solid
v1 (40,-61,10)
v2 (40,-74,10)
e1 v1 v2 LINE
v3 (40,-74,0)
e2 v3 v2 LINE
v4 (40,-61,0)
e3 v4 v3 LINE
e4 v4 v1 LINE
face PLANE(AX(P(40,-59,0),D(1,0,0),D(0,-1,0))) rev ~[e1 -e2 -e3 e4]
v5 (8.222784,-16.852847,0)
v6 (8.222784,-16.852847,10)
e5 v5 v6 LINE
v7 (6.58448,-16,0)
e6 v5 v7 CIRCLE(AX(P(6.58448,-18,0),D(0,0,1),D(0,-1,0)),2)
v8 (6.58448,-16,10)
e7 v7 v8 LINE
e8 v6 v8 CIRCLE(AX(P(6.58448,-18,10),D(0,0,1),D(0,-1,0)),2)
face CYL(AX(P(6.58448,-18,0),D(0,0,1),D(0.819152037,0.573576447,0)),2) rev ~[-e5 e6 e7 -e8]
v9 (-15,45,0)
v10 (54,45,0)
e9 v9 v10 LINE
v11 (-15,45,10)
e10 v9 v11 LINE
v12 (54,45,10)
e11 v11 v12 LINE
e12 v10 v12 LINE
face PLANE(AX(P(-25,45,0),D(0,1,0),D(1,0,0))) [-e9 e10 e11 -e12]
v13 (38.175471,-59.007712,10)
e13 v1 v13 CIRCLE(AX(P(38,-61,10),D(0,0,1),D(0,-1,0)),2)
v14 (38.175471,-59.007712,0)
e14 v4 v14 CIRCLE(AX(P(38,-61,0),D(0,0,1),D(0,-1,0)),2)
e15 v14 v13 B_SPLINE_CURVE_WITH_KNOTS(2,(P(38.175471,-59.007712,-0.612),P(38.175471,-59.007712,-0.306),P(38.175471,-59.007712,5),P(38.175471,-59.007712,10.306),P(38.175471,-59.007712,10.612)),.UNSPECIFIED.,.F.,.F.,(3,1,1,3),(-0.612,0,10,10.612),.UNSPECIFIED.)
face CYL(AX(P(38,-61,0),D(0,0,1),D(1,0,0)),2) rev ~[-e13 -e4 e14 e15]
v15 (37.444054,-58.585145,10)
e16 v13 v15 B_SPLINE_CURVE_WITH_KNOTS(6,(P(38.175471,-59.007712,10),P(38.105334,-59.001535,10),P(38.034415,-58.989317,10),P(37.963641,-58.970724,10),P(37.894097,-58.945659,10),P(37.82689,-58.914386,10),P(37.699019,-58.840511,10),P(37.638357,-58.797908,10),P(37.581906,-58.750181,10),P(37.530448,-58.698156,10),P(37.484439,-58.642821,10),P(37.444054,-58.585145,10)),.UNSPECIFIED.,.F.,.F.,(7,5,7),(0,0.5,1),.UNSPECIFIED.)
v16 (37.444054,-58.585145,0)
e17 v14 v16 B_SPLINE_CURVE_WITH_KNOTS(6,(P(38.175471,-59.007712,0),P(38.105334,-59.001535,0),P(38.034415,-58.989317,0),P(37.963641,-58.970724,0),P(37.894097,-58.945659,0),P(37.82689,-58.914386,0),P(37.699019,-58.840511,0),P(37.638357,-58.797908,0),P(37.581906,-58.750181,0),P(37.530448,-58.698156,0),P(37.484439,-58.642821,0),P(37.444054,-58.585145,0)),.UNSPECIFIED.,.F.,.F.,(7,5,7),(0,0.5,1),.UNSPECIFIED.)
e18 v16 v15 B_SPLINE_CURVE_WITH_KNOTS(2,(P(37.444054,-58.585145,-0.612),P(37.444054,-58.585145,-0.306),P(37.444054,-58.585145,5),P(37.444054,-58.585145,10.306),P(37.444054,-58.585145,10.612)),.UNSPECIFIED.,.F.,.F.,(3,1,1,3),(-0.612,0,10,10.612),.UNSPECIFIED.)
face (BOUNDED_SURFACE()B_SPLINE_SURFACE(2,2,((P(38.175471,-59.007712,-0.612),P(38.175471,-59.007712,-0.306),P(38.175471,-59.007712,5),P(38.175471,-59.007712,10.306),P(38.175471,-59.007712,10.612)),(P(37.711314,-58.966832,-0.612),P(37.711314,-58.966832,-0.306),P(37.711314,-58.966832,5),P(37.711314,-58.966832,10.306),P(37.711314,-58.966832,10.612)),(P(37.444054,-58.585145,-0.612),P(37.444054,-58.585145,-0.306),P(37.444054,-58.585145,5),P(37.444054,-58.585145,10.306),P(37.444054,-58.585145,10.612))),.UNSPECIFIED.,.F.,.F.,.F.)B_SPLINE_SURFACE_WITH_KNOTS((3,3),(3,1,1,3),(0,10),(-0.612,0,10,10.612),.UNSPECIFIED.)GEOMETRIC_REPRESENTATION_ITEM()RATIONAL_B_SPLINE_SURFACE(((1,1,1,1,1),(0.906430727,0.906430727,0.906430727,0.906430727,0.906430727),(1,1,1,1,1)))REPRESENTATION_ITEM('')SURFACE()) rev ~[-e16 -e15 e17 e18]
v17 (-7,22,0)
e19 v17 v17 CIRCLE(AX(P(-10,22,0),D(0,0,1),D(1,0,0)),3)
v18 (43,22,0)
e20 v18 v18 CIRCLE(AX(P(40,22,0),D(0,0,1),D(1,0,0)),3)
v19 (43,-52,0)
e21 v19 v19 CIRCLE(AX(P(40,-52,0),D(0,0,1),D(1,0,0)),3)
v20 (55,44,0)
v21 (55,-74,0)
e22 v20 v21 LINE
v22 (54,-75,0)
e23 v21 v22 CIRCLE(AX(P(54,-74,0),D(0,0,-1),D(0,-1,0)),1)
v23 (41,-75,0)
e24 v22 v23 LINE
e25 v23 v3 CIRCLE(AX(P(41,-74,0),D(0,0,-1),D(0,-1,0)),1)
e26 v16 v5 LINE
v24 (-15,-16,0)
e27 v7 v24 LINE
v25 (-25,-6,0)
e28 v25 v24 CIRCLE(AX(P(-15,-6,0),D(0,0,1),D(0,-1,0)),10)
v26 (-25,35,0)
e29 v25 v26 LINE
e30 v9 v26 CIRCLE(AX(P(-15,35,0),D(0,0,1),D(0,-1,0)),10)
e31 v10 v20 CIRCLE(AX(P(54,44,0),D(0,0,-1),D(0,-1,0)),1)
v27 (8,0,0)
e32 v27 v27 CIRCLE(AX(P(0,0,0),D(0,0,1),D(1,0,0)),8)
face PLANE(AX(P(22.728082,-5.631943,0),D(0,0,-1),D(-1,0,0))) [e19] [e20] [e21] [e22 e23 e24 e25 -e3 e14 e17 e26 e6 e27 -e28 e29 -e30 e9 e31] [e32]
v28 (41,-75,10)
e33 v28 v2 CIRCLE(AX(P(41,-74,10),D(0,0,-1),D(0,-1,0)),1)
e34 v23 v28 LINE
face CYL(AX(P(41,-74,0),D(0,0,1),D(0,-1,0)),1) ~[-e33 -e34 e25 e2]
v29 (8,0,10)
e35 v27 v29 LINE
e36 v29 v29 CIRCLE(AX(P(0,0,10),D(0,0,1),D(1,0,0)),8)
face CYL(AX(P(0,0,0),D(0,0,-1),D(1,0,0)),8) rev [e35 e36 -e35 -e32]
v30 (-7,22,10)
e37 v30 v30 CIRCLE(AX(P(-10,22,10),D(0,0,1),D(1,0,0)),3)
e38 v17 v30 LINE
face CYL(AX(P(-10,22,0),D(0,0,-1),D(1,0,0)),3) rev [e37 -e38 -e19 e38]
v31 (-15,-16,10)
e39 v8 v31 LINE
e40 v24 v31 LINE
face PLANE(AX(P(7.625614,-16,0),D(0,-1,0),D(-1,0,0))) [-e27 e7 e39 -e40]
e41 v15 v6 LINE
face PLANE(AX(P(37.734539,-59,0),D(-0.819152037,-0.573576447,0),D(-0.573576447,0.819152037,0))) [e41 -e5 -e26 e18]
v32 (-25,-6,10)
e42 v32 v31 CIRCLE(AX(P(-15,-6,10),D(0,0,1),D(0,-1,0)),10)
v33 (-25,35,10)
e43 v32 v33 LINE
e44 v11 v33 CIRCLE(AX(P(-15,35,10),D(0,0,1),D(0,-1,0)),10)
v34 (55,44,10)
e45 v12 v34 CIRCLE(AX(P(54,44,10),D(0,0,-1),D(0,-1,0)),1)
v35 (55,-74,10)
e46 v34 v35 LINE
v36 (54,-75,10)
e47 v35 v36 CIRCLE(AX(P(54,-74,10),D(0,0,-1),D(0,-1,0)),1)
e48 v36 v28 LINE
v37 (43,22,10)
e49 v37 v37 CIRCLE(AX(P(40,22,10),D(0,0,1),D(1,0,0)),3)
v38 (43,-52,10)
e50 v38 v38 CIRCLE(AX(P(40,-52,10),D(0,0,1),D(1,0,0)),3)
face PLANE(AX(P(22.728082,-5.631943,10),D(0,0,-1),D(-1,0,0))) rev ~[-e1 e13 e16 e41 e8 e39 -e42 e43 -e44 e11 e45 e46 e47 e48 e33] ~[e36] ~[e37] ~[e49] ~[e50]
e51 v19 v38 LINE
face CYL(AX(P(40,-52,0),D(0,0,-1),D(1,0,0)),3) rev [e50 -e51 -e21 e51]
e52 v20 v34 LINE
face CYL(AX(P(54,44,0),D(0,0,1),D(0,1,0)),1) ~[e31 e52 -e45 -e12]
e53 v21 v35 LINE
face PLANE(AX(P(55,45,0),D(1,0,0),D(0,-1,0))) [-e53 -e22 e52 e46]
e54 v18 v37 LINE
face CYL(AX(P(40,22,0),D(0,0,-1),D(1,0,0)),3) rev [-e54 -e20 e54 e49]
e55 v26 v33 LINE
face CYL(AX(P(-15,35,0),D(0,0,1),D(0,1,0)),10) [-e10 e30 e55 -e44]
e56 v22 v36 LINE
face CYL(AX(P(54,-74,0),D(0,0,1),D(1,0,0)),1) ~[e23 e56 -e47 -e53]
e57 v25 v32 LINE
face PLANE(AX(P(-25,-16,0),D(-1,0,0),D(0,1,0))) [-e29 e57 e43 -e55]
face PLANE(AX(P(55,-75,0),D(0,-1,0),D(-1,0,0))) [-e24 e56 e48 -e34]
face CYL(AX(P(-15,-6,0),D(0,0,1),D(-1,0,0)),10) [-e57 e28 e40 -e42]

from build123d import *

# Parameters (mm, degrees)
SKETCH_R    = 8
SKETCH_R_2  = 3
PAD_DEPTH   = 10
FILLET_R    = 10
FILLET001_R = 1
FILLET002_R = 2
FILLET003_R = 1
FILLET004_R = 2


with BuildPart() as part:
    # Sketch → Pad (new body)
    with BuildSketch(Plane.XY):
        Polygon((-25, 45), (55, 45), (55, -75), (40, -75), (40, -62.235414), (40, -59), (37.734539, -59), (7.625614, -16), (-25, -16), align=None)
        Circle(SKETCH_R, mode=Mode.SUBTRACT)
        with Locations((40, -52)):
            Circle(SKETCH_R_2, mode=Mode.SUBTRACT)
        with Locations((40, 22)):
            Circle(SKETCH_R_2, mode=Mode.SUBTRACT)
        with Locations((-10, 22)):
            Circle(SKETCH_R_2, mode=Mode.SUBTRACT)
    extrude(amount=PAD_DEPTH)

    # Fillet
    fillet_edges = [part.edges().sort_by_distance(p)[0] for p in [
        (-25, -16, 5),
        (-25, 45, 5),
    ]]
    fillet(fillet_edges, radius=FILLET_R)

    # Fillet001
    fillet001_edges = [part.edges().sort_by_distance(p)[0] for p in [
        (55, -75, 5),
        (40, -75, 5),
        (55, 45, 5),
    ]]
    fillet(fillet001_edges, radius=FILLET001_R)

    # Fillet002
    fillet002_edges = [part.edges().sort_by_distance(p)[0] for p in [
        (40, -59, 5),
    ]]
    fillet(fillet002_edges, radius=FILLET002_R)

    # Fillet003
    fillet003_edges = [part.edges().sort_by_distance(p)[0] for p in [
        (37.734539, -59, 5),
    ]]
    fillet(fillet003_edges, radius=FILLET003_R)

    # Fillet004
    fillet004_edges = [part.edges().sort_by_distance(p)[0] for p in [
        (7.625614, -16, 5),
    ]]
    fillet(fillet004_edges, radius=FILLET004_R)


solid = part.part
